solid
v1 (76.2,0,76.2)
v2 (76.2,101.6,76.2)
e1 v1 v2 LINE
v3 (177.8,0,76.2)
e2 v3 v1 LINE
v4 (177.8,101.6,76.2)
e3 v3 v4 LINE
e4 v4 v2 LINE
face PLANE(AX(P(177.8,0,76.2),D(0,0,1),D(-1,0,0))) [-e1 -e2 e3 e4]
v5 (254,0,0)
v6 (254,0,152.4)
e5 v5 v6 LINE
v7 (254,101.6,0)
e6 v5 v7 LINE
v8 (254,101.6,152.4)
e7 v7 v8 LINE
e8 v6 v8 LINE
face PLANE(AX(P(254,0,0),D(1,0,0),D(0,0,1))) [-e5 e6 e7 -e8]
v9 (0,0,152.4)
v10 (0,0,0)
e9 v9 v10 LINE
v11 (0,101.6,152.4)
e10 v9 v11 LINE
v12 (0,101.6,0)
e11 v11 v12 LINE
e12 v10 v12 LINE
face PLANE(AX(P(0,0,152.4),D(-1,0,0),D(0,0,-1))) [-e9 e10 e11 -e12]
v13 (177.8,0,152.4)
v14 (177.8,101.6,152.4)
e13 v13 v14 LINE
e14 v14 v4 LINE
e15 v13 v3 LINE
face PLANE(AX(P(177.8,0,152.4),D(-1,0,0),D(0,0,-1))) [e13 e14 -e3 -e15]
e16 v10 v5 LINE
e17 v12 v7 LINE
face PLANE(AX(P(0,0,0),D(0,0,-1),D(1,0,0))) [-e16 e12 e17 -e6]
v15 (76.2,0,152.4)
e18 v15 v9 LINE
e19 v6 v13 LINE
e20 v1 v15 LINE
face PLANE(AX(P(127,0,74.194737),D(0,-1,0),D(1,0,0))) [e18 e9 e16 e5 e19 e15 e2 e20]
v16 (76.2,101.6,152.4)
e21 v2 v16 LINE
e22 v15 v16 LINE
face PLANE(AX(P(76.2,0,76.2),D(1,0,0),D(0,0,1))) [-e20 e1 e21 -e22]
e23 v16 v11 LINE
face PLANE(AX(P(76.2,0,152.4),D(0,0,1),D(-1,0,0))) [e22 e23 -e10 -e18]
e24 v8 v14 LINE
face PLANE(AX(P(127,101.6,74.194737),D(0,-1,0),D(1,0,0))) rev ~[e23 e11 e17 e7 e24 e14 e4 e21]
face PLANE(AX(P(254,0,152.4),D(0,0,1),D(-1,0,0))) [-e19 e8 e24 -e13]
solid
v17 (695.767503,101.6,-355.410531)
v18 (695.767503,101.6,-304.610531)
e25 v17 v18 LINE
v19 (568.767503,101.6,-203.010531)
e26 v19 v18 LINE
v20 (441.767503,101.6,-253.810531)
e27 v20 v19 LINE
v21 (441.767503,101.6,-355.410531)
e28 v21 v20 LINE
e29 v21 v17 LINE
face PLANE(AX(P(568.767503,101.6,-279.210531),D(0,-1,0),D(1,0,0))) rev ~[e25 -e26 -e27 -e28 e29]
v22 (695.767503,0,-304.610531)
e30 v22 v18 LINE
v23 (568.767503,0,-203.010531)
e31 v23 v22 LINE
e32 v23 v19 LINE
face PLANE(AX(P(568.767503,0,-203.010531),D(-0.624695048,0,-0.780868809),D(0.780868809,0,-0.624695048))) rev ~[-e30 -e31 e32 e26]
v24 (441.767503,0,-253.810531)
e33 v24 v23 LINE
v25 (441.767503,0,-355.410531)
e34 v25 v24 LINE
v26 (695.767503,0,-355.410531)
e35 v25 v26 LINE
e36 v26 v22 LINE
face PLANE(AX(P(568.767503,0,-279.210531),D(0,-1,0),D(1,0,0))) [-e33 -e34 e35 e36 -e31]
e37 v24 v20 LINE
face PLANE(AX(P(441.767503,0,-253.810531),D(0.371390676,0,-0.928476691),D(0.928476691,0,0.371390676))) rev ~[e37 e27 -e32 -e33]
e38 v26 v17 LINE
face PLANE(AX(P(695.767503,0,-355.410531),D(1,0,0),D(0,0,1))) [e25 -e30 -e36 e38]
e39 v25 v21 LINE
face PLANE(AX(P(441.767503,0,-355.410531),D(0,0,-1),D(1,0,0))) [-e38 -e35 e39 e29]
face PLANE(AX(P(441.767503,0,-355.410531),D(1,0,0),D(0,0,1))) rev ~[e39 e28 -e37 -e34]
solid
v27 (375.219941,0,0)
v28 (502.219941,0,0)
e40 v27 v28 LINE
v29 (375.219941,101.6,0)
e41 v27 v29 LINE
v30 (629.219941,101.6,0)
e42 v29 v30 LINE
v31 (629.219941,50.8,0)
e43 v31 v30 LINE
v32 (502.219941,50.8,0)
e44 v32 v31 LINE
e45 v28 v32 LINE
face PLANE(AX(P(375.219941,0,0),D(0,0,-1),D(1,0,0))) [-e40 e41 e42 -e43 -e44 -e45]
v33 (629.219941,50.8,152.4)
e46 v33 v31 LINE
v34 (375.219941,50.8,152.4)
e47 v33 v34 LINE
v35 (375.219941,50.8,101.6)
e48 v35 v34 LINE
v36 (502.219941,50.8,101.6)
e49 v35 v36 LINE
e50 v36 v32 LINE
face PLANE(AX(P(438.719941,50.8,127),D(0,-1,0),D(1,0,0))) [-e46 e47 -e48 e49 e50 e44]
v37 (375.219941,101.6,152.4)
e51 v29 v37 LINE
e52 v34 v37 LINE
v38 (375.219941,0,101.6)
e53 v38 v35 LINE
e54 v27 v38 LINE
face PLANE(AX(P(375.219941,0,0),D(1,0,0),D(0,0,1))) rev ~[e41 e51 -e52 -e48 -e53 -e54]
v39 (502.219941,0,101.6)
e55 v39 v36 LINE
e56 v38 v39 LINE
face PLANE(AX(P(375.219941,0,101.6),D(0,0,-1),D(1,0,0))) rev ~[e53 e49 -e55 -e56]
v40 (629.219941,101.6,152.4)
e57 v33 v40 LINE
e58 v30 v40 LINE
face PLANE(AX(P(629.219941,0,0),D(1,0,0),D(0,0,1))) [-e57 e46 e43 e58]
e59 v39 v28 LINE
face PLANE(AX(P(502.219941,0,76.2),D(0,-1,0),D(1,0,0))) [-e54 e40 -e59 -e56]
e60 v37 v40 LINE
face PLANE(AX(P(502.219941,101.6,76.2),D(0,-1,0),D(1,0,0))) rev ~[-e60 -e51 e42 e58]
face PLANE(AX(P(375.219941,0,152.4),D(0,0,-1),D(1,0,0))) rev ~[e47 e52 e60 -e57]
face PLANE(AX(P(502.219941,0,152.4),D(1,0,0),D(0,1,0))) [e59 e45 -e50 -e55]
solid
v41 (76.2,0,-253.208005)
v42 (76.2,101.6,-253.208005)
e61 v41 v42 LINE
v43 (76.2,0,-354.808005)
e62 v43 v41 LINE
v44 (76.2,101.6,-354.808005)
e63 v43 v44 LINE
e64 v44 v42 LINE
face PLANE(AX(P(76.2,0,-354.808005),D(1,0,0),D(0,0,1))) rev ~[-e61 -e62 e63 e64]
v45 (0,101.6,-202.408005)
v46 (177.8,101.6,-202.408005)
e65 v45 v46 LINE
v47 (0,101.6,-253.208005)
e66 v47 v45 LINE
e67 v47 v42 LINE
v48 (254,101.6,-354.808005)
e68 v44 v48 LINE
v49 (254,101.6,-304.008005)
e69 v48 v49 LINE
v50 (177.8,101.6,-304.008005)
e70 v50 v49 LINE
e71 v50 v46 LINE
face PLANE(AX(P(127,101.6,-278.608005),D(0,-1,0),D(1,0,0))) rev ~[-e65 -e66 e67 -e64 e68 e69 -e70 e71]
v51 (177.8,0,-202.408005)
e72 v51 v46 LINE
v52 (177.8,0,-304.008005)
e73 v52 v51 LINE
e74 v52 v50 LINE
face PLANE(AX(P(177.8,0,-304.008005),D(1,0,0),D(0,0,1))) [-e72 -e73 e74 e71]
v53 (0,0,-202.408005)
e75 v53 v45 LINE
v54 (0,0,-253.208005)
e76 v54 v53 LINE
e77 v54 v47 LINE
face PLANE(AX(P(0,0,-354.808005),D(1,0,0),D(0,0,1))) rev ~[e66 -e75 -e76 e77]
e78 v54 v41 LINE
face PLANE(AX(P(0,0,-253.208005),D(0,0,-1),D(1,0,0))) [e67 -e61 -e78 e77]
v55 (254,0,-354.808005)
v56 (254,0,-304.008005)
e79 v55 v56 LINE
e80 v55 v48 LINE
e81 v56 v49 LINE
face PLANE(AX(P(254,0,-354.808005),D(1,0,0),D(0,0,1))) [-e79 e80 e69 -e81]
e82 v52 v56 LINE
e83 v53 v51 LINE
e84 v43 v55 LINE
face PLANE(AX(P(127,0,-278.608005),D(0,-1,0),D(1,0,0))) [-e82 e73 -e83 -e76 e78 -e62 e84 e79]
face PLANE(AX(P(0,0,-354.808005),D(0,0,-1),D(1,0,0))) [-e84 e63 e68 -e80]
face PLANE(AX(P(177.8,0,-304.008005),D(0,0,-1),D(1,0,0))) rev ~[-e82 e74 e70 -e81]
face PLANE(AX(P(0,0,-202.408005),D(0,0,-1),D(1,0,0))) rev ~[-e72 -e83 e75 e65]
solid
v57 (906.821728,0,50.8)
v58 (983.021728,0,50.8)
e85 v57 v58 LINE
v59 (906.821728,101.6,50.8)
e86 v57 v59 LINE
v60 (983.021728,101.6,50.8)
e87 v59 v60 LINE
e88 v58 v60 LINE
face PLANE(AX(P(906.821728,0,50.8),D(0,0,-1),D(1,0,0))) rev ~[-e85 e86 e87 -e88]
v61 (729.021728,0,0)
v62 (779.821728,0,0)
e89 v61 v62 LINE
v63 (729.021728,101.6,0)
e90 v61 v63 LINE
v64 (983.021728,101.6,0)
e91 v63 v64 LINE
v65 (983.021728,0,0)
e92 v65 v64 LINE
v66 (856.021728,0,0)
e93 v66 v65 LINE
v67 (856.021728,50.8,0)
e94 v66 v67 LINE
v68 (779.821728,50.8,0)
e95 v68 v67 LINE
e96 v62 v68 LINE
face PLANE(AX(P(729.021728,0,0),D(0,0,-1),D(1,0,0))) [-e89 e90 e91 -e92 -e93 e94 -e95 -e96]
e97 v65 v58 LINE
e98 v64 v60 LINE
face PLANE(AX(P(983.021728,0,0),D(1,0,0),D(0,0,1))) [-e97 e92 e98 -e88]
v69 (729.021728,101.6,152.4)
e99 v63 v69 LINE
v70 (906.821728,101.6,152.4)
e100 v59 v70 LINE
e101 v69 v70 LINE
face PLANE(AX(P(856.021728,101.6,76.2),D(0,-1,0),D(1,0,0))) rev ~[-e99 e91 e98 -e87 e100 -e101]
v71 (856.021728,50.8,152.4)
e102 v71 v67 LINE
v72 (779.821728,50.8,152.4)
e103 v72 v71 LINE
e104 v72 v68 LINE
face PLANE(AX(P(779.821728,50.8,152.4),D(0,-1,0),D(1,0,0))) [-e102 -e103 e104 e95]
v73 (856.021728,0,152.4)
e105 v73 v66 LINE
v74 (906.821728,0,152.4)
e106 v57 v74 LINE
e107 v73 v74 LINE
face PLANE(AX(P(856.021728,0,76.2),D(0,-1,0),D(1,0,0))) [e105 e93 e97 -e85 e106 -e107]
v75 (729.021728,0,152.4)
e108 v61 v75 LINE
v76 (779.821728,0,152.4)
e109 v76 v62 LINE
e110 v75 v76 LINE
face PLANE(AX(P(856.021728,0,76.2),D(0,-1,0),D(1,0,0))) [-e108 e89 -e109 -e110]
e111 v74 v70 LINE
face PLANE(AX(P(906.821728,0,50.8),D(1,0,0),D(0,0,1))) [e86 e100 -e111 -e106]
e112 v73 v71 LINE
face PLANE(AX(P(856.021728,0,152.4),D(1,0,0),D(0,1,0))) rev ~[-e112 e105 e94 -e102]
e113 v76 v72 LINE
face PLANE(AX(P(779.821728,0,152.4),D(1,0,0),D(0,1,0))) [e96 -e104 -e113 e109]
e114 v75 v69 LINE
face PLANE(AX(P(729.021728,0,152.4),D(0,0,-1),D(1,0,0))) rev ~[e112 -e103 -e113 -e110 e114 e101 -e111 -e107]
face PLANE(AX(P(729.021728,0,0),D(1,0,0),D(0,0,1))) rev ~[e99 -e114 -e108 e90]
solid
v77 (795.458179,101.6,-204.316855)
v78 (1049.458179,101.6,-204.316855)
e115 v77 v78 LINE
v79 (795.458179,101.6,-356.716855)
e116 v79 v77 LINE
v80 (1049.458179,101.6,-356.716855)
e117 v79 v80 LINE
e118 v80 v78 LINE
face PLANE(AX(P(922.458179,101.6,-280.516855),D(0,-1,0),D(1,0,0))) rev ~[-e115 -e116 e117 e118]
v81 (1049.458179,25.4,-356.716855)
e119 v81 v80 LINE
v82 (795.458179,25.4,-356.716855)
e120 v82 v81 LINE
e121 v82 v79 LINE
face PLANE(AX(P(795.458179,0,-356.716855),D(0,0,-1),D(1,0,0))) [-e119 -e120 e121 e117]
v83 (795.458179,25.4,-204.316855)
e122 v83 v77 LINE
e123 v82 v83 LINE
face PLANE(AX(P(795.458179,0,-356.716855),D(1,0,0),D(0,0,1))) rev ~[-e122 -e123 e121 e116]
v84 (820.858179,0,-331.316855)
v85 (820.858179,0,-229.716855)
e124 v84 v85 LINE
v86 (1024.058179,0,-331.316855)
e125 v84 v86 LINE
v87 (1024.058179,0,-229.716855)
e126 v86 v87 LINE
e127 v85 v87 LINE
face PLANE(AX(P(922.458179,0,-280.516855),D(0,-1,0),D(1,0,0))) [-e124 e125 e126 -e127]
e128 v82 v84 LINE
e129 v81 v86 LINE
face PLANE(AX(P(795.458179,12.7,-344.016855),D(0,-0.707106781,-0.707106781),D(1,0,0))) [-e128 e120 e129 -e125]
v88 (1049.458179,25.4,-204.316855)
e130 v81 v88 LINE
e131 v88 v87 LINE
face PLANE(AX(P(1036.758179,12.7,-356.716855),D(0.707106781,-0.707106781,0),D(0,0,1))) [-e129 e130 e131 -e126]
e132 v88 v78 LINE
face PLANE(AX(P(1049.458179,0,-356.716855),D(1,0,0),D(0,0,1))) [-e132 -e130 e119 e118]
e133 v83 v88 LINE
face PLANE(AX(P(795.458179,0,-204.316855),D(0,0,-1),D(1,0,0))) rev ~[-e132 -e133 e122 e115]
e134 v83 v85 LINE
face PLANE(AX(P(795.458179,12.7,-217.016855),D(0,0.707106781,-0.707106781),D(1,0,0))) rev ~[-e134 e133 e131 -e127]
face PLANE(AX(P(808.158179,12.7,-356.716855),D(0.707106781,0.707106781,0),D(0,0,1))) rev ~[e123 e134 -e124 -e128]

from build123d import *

# Parameters (mm, degrees)
F1_DEPTH  = 101.6
F2_W      = 254
F2_H      = 152.4
F3_DEPTH  = 101.6
F4_W      = 127
F4_H      = 50.8
F5_DEPTH  = 152.4
F6_W      = 127
F6_H      = 50.8
F7_DEPTH  = 50.8
F8_W      = 254
F8_H      = 152.4
F9_DEPTH  = 101.6
F10_W     = 76.2
F10_H     = 101.6
F11_DEPTH = 101.6
F12_W     = 76.2
F12_H     = 50.8
F13_DEPTH = 152.4
F14_W     = 254
F14_H     = 152.4
F15_DEPTH = 101.6
F16_W     = 76.2
F16_H     = 101.6
F17_DEPTH = 101.6
F18_W     = 76.2
F18_H     = 101.6
F19_DEPTH = 101.6
F20_W     = 254
F20_H     = 152.4
F21_DEPTH = 101.6
F23_DEPTH = 101.6
F25_DEPTH = 101.6
F26_W     = 254
F26_H     = 152.4
F27_DEPTH = 101.6
F28_SIZE  = 25.4


with BuildPart() as f1:
    # F0 (on Front) → F1 (new body)
    with BuildSketch(Plane.XZ):
        Polygon((0, 152.4), (0, 0), (254, 0), (254, 152.4), (177.8, 152.4), (177.8, 76.2), (76.2, 76.2), (76.2, 152.4), align=None)
    extrude(amount=-F1_DEPTH)


with BuildPart() as f3:
    # F2 (on Front) → F3 (new body)
    with BuildSketch(Plane.XZ):
        with Locations((502.219941, 76.2)):
            Rectangle(F2_W, F2_H)
    extrude(amount=-F3_DEPTH)

    # F4 (on face) → F5 (cut)
    with BuildSketch(Plane.XY.offset(152.4)):
        with Locations((565.719941, 25.4)):
            Rectangle(F4_W, F4_H)
    extrude(amount=-F5_DEPTH, mode=Mode.SUBTRACT)

    # F6 (on face) → F7 (cut)
    with BuildSketch(Plane.XZ):
        with Locations((438.719941, 127)):
            Rectangle(F6_W, F6_H)
    extrude(amount=-F7_DEPTH, mode=Mode.SUBTRACT)


with BuildPart() as f9:
    # F8 (on Front) → F9 (new body)
    with BuildSketch(Plane.XZ):
        with Locations((856.021728, 76.2)):
            Rectangle(F8_W, F8_H)
    extrude(amount=-F9_DEPTH)

    # F10 (on face) → F11 (cut)
    with BuildSketch(Plane.XZ):
        with Locations((944.921728, 101.6)):
            Rectangle(F10_W, F10_H)
    extrude(amount=-F11_DEPTH, mode=Mode.SUBTRACT)

    # F12 (on face) → F13 (cut)
    with BuildSketch(Plane.XY.offset(152.4)):
        with Locations((817.921728, 25.4)):
            Rectangle(F12_W, F12_H)
    extrude(amount=-F13_DEPTH, mode=Mode.SUBTRACT)


with BuildPart() as f15:
    # F14 (on Front) → F15 (new body)
    with BuildSketch(Plane.XZ):
        with Locations((127, -278.608005)):
            Rectangle(F14_W, F14_H)
    extrude(amount=-F15_DEPTH)

    # F16 (on face) → F17 (cut)
    with BuildSketch(Plane.XZ):
        with Locations((38.1, -304.008005)):
            Rectangle(F16_W, F16_H)
    extrude(amount=-F17_DEPTH, mode=Mode.SUBTRACT)

    # F18 (on face) → F19 (cut)
    with BuildSketch(Plane.XZ):
        with Locations((215.9, -253.208005)):
            Rectangle(F18_W, F18_H)
    extrude(amount=-F19_DEPTH, mode=Mode.SUBTRACT)


with BuildPart() as f21:
    # F20 (on Front) → F21 (new body)
    with BuildSketch(Plane.XZ):
        with Locations((568.767503, -279.210531)):
            Rectangle(F20_W, F20_H)
    extrude(amount=-F21_DEPTH)

    # F22 (on face) → F23 (cut)
    with BuildSketch(Plane.XZ):
        Polygon((441.767503, -203.010531), (441.767503, -253.810531), (568.767503, -203.010531), align=None)
    extrude(amount=-F23_DEPTH, mode=Mode.SUBTRACT)

    # F24 (on face) → F25 (cut)
    with BuildSketch(Plane.XZ):
        Polygon((568.767503, -203.010531), (695.767503, -304.610531), (695.767503, -203.010531), align=None)
    extrude(amount=-F25_DEPTH, mode=Mode.SUBTRACT)


with BuildPart() as f27:
    # F26 (on Front) → F27 (new body)
    with BuildSketch(Plane.XZ):
        with Locations((922.458179, -280.516855)):
            Rectangle(F26_W, F26_H)
    extrude(amount=-F27_DEPTH)

    # F28
    f28_edges = [f27.edges().sort_by_distance(p)[0] for p in [
        (922.458179, 0, -204.316855),
        (1049.458179, 0, -280.516855),
        (922.458179, 0, -356.716855),
        (795.458179, 0, -280.516855),
    ]]
    chamfer(f28_edges, length=F28_SIZE)


solid = Compound([f1.part, f3.part, f9.part, f15.part, f21.part, f27.part])
